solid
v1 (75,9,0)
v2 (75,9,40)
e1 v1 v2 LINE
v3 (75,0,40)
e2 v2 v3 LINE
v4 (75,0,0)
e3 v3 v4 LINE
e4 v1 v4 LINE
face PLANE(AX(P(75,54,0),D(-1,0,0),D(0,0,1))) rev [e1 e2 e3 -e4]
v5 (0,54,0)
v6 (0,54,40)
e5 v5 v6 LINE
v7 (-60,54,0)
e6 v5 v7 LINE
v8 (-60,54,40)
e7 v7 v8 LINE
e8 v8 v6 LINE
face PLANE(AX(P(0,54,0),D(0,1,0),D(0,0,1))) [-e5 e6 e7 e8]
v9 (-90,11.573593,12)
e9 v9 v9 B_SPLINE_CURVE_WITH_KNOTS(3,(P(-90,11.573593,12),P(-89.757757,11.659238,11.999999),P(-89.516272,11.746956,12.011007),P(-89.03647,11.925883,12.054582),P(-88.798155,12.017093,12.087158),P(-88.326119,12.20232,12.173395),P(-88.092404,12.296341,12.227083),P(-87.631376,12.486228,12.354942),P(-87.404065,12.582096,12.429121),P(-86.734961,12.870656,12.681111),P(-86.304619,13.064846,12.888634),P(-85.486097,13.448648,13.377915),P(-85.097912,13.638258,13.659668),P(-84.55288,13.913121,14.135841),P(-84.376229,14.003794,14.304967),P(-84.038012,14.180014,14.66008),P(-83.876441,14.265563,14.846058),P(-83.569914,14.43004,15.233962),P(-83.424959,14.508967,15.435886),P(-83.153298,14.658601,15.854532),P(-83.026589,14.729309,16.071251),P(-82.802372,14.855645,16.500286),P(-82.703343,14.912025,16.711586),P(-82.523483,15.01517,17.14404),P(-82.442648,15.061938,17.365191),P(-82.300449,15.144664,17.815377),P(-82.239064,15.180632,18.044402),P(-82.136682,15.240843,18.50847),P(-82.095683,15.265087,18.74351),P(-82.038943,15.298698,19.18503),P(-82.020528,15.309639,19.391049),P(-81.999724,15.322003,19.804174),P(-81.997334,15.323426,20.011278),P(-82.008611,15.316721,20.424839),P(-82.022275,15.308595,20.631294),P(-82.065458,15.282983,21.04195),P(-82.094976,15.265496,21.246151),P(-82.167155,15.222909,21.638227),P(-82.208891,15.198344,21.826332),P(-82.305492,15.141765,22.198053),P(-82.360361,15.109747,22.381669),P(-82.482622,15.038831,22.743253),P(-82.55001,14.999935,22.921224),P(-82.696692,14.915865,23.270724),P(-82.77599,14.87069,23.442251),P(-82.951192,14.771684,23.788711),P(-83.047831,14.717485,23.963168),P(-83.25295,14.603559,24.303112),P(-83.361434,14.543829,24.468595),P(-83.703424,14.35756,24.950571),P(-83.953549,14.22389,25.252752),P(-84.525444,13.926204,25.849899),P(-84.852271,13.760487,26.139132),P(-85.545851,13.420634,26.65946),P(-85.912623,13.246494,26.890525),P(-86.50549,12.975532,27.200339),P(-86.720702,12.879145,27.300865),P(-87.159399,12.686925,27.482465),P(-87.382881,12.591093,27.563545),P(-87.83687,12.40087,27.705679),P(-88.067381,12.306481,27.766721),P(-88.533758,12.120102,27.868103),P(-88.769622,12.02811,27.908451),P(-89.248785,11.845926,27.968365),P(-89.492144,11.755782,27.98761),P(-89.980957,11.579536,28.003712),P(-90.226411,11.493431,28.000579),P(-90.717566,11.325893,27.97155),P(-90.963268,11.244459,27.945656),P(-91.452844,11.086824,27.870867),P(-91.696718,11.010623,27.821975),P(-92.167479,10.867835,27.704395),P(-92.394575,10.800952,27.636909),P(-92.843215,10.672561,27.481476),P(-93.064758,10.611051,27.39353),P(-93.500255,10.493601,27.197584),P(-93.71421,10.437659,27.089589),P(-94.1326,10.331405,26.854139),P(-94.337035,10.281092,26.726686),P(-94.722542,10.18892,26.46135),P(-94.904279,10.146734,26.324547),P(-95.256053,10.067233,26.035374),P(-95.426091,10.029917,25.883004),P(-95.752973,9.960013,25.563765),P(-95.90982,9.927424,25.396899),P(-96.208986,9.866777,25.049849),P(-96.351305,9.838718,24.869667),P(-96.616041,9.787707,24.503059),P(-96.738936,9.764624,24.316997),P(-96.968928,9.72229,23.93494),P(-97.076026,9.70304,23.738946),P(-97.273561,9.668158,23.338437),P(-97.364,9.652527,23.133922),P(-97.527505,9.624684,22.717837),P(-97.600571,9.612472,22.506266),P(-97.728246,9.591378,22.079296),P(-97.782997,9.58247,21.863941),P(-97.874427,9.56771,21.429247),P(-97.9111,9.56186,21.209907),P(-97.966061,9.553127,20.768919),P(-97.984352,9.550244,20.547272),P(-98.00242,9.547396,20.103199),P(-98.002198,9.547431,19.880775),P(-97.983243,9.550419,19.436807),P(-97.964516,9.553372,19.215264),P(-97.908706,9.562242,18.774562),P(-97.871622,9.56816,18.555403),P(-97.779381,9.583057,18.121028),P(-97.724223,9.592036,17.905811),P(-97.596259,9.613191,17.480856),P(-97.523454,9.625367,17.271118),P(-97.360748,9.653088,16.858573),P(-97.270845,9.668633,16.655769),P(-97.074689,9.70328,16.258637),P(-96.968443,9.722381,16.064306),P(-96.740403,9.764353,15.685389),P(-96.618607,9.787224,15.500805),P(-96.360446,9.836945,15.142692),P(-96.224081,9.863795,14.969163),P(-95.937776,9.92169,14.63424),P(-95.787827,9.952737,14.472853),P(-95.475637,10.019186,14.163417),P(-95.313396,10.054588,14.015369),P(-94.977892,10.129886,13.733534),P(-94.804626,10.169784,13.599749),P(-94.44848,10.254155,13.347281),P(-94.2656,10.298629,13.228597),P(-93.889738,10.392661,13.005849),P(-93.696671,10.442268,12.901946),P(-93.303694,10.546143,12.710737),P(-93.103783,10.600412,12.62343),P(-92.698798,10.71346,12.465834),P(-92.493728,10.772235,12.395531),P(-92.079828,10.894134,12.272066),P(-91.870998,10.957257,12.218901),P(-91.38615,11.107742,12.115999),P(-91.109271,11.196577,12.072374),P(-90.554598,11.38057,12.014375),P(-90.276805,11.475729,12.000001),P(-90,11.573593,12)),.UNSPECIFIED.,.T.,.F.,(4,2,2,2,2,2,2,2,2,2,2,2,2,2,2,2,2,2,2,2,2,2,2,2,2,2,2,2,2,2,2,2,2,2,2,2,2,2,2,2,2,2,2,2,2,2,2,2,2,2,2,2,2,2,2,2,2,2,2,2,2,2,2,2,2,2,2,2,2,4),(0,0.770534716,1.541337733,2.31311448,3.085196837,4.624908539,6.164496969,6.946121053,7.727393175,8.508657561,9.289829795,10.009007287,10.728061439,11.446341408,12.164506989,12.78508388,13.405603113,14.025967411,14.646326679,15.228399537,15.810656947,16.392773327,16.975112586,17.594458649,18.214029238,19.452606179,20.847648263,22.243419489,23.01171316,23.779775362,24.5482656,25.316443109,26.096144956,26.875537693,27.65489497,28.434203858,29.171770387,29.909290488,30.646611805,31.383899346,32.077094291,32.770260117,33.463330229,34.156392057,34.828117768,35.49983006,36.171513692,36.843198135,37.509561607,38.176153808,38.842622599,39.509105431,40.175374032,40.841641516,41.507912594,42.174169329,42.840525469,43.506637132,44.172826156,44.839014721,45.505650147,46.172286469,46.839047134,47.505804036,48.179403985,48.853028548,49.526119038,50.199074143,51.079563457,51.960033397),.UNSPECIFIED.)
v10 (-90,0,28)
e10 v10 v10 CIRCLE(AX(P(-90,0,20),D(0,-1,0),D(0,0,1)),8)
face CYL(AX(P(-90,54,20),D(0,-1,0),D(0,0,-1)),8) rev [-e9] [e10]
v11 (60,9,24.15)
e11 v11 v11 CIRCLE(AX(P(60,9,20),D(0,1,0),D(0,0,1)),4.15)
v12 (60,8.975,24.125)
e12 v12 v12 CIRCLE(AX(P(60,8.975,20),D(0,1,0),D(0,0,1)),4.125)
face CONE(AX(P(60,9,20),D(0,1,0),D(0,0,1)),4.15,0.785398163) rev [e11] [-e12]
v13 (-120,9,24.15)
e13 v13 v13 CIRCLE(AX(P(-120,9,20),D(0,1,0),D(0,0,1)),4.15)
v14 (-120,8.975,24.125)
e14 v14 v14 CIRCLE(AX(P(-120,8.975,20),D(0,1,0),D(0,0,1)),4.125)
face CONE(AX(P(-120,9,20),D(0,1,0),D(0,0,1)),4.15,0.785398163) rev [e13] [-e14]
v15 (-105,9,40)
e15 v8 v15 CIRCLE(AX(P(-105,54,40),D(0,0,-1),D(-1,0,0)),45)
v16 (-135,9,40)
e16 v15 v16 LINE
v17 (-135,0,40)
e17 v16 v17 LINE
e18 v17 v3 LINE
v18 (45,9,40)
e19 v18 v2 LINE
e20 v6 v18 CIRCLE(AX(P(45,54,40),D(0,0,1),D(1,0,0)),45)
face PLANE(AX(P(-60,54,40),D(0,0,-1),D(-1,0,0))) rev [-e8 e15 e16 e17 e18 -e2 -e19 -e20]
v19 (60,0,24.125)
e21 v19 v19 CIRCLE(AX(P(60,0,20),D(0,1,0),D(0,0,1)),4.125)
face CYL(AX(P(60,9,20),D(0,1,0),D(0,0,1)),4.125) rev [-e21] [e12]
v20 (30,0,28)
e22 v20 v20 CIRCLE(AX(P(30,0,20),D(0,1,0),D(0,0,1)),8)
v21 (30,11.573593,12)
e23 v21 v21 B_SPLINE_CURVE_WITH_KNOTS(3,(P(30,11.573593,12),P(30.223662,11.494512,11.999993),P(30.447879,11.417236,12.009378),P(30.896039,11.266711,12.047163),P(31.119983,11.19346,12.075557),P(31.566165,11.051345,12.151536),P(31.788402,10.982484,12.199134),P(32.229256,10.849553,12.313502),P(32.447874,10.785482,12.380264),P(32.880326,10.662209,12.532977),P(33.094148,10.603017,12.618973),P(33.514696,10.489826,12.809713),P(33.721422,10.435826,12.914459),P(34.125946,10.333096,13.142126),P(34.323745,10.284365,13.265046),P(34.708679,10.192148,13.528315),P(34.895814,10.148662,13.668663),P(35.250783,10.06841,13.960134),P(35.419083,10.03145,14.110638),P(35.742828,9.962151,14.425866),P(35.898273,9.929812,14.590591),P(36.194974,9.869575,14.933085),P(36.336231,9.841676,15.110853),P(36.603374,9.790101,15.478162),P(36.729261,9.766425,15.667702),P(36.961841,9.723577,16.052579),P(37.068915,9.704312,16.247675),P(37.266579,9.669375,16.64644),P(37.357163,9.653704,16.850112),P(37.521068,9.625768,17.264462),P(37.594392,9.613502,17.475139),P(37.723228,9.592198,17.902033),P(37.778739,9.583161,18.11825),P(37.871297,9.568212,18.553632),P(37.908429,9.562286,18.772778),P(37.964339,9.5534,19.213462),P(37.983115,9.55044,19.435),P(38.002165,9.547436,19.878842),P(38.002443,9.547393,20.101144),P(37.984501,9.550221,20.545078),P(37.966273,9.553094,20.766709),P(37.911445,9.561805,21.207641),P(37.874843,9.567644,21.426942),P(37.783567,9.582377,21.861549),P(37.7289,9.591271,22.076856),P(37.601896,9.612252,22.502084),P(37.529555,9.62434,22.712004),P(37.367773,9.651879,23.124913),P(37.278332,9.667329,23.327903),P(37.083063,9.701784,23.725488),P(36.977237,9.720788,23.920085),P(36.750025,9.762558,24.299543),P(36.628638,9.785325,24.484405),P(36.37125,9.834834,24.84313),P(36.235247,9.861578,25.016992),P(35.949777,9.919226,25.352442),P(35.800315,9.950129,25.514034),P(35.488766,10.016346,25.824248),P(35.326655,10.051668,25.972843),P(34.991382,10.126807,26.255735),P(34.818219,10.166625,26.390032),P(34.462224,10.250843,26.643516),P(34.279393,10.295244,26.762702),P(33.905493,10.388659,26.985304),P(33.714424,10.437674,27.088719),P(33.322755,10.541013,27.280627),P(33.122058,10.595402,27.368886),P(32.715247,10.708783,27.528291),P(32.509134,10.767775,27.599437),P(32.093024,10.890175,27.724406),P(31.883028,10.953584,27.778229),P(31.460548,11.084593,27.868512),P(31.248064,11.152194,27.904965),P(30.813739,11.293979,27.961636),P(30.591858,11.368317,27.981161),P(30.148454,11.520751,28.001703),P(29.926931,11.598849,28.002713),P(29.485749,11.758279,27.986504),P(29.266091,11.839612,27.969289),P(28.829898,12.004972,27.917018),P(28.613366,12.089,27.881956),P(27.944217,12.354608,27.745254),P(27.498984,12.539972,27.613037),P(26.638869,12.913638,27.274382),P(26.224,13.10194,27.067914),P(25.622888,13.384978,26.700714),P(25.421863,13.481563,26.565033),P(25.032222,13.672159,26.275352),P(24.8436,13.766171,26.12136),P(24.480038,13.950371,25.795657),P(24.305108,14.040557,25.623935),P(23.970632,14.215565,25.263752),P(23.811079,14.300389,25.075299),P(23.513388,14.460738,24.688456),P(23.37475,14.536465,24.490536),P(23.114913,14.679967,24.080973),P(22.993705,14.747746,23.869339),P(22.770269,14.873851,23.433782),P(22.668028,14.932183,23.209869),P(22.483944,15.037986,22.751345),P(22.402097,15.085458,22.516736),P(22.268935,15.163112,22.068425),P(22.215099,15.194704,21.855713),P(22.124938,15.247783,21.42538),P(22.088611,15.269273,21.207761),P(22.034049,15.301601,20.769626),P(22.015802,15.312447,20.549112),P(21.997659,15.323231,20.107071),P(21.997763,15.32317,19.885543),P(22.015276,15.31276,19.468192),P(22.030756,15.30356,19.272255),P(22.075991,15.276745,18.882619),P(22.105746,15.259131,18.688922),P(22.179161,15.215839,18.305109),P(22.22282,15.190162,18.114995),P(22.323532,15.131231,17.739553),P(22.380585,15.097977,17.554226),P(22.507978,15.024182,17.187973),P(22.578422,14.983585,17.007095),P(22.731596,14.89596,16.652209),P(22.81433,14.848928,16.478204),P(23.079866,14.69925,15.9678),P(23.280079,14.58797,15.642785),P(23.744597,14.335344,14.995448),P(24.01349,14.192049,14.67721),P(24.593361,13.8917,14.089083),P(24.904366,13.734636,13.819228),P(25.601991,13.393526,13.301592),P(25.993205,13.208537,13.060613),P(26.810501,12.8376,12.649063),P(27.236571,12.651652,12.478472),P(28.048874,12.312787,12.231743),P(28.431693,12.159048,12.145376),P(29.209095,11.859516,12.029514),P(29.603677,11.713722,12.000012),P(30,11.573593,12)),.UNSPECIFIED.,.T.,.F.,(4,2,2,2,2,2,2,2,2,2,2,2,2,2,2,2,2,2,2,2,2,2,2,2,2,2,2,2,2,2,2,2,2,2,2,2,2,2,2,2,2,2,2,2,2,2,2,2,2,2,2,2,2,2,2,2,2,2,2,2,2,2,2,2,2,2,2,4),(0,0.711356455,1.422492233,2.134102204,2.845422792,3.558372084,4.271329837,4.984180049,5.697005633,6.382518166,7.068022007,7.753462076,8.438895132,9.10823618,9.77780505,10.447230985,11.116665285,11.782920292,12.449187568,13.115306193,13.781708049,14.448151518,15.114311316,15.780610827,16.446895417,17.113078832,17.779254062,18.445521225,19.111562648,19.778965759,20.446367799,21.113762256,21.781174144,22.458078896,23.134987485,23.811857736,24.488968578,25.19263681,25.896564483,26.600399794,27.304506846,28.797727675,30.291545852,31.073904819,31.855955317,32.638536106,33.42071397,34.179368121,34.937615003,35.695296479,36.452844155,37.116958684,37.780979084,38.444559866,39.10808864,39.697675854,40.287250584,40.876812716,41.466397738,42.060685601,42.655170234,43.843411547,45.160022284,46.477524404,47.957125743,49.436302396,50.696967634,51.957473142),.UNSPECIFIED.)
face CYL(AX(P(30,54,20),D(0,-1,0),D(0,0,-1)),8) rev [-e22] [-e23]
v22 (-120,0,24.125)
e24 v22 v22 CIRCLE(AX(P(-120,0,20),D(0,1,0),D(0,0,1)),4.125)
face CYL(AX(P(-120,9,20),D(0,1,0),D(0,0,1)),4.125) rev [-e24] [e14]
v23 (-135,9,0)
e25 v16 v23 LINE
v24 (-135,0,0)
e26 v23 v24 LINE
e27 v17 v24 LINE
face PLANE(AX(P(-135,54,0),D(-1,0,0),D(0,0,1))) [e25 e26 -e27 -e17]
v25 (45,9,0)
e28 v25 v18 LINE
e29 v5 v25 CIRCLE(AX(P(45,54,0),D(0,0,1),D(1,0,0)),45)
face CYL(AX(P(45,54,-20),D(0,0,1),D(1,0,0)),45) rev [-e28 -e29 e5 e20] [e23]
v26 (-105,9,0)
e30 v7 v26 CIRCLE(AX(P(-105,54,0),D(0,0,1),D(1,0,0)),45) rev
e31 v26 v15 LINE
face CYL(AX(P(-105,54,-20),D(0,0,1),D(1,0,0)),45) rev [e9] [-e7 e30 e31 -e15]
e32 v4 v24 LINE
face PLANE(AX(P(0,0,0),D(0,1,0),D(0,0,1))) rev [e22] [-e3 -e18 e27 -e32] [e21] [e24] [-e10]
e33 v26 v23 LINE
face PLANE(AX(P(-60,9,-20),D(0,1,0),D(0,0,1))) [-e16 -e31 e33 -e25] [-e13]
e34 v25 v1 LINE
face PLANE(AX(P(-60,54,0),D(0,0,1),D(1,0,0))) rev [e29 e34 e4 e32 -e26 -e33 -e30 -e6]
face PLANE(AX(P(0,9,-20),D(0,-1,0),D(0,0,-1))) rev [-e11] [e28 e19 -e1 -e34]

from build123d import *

# Parameters (mm, degrees)
SKETCH1_W                              = 60
SKETCH1_H                              = 40
BOSS_EXTRUDE1_DEPTH                    = 54
SKETCH3_W                              = 75
SKETCH3_H                              = 40
SKETCH3_R                              = 8
BOSS_EXTRUDE2_DEPTH                    = 54
CUT_EXTRUDE2_DEPTH                     = 60
TAP_DRILL_FOR_M8_HELICOIL1_D           = 8.25
TAP_DRILL_FOR_M8_HELICOIL1_CSINK_D     = 8.3
TAP_DRILL_FOR_M8_HELICOIL1_CSINK_ANGLE = 90


with BuildPart() as part:
    # Sketch1 → Boss-Extrude1 (new body)
    with BuildSketch(Plane(origin=(0, 0, 0), x_dir=(1, 0, 0), z_dir=(0, 1, 0))):
        with Locations((-30, -20)):
            Rectangle(SKETCH1_W, SKETCH1_H)
    extrude(amount=BOSS_EXTRUDE1_DEPTH)

    # Sketch3 → Boss-Extrude2 (add)
    with BuildSketch(Plane(origin=(0, 0, 0), x_dir=(1, 0, 0), z_dir=(0, 1, 0))):
        with Locations((37.5, -20)):
            Rectangle(SKETCH3_W, SKETCH3_H)
        with Locations((30, -20)):
            Circle(SKETCH3_R, mode=Mode.SUBTRACT)
    boss_extrude2 = extrude(amount=BOSS_EXTRUDE2_DEPTH)

    # Sketch4 → Cut-Extrude2 (cut)
    with BuildSketch(Plane.XY.offset(40)):
        with BuildLine():
            ThreePointArc((75, 20.458980338), (61.05699404, 11.962243847), (45, 9))
            Line((45, 9), (75, 9))
            Line((75, 9), (75, 20.458980338))
        make_face()
        with BuildLine():
            Line((45, 9), (45, 54))
            Line((45, 54), (0, 54))
            ThreePointArc((0, 54), (13.180194847, 22.180194847), (45, 9))
        make_face()
        with BuildLine():
            Line((75, 54), (45, 54))
            Line((45, 54), (45, 9))
            ThreePointArc((45, 9), (61.05699404, 11.962243847), (75, 20.458980338))
            Line((75, 20.458980338), (75, 54))
        make_face()
    cut_extrude2 = extrude(amount=-CUT_EXTRUDE2_DEPTH, mode=Mode.SUBTRACT)

    # Tap Drill for M8 Helicoil1 (through all)
    with Locations(Plane(origin=(0, 9, 0), x_dir=(1, 0, 0), z_dir=(0, 1, 0))):
        with Locations((60, -20)):
            tap_drill_for_m8_helicoil1 = CounterSinkHole(TAP_DRILL_FOR_M8_HELICOIL1_D / 2, TAP_DRILL_FOR_M8_HELICOIL1_CSINK_D / 2, counter_sink_angle=TAP_DRILL_FOR_M8_HELICOIL1_CSINK_ANGLE)

    # Mirror1: Boss-Extrude2, Cut-Extrude2, Tap Drill for M8 Helicoil1 across plane
    add(boss_extrude2.mirror(Plane(origin=(-30, 0, 0), x_dir=(0, 0, 1), z_dir=(1, 0, 0))))
    add(cut_extrude2.mirror(Plane(origin=(-30, 0, 0), x_dir=(0, 0, 1), z_dir=(1, 0, 0))), mode=Mode.SUBTRACT)
    add(tap_drill_for_m8_helicoil1.mirror(Plane(origin=(-30, 0, 0), x_dir=(0, 0, 1), z_dir=(1, 0, 0))), mode=Mode.SUBTRACT)


solid = part.part
